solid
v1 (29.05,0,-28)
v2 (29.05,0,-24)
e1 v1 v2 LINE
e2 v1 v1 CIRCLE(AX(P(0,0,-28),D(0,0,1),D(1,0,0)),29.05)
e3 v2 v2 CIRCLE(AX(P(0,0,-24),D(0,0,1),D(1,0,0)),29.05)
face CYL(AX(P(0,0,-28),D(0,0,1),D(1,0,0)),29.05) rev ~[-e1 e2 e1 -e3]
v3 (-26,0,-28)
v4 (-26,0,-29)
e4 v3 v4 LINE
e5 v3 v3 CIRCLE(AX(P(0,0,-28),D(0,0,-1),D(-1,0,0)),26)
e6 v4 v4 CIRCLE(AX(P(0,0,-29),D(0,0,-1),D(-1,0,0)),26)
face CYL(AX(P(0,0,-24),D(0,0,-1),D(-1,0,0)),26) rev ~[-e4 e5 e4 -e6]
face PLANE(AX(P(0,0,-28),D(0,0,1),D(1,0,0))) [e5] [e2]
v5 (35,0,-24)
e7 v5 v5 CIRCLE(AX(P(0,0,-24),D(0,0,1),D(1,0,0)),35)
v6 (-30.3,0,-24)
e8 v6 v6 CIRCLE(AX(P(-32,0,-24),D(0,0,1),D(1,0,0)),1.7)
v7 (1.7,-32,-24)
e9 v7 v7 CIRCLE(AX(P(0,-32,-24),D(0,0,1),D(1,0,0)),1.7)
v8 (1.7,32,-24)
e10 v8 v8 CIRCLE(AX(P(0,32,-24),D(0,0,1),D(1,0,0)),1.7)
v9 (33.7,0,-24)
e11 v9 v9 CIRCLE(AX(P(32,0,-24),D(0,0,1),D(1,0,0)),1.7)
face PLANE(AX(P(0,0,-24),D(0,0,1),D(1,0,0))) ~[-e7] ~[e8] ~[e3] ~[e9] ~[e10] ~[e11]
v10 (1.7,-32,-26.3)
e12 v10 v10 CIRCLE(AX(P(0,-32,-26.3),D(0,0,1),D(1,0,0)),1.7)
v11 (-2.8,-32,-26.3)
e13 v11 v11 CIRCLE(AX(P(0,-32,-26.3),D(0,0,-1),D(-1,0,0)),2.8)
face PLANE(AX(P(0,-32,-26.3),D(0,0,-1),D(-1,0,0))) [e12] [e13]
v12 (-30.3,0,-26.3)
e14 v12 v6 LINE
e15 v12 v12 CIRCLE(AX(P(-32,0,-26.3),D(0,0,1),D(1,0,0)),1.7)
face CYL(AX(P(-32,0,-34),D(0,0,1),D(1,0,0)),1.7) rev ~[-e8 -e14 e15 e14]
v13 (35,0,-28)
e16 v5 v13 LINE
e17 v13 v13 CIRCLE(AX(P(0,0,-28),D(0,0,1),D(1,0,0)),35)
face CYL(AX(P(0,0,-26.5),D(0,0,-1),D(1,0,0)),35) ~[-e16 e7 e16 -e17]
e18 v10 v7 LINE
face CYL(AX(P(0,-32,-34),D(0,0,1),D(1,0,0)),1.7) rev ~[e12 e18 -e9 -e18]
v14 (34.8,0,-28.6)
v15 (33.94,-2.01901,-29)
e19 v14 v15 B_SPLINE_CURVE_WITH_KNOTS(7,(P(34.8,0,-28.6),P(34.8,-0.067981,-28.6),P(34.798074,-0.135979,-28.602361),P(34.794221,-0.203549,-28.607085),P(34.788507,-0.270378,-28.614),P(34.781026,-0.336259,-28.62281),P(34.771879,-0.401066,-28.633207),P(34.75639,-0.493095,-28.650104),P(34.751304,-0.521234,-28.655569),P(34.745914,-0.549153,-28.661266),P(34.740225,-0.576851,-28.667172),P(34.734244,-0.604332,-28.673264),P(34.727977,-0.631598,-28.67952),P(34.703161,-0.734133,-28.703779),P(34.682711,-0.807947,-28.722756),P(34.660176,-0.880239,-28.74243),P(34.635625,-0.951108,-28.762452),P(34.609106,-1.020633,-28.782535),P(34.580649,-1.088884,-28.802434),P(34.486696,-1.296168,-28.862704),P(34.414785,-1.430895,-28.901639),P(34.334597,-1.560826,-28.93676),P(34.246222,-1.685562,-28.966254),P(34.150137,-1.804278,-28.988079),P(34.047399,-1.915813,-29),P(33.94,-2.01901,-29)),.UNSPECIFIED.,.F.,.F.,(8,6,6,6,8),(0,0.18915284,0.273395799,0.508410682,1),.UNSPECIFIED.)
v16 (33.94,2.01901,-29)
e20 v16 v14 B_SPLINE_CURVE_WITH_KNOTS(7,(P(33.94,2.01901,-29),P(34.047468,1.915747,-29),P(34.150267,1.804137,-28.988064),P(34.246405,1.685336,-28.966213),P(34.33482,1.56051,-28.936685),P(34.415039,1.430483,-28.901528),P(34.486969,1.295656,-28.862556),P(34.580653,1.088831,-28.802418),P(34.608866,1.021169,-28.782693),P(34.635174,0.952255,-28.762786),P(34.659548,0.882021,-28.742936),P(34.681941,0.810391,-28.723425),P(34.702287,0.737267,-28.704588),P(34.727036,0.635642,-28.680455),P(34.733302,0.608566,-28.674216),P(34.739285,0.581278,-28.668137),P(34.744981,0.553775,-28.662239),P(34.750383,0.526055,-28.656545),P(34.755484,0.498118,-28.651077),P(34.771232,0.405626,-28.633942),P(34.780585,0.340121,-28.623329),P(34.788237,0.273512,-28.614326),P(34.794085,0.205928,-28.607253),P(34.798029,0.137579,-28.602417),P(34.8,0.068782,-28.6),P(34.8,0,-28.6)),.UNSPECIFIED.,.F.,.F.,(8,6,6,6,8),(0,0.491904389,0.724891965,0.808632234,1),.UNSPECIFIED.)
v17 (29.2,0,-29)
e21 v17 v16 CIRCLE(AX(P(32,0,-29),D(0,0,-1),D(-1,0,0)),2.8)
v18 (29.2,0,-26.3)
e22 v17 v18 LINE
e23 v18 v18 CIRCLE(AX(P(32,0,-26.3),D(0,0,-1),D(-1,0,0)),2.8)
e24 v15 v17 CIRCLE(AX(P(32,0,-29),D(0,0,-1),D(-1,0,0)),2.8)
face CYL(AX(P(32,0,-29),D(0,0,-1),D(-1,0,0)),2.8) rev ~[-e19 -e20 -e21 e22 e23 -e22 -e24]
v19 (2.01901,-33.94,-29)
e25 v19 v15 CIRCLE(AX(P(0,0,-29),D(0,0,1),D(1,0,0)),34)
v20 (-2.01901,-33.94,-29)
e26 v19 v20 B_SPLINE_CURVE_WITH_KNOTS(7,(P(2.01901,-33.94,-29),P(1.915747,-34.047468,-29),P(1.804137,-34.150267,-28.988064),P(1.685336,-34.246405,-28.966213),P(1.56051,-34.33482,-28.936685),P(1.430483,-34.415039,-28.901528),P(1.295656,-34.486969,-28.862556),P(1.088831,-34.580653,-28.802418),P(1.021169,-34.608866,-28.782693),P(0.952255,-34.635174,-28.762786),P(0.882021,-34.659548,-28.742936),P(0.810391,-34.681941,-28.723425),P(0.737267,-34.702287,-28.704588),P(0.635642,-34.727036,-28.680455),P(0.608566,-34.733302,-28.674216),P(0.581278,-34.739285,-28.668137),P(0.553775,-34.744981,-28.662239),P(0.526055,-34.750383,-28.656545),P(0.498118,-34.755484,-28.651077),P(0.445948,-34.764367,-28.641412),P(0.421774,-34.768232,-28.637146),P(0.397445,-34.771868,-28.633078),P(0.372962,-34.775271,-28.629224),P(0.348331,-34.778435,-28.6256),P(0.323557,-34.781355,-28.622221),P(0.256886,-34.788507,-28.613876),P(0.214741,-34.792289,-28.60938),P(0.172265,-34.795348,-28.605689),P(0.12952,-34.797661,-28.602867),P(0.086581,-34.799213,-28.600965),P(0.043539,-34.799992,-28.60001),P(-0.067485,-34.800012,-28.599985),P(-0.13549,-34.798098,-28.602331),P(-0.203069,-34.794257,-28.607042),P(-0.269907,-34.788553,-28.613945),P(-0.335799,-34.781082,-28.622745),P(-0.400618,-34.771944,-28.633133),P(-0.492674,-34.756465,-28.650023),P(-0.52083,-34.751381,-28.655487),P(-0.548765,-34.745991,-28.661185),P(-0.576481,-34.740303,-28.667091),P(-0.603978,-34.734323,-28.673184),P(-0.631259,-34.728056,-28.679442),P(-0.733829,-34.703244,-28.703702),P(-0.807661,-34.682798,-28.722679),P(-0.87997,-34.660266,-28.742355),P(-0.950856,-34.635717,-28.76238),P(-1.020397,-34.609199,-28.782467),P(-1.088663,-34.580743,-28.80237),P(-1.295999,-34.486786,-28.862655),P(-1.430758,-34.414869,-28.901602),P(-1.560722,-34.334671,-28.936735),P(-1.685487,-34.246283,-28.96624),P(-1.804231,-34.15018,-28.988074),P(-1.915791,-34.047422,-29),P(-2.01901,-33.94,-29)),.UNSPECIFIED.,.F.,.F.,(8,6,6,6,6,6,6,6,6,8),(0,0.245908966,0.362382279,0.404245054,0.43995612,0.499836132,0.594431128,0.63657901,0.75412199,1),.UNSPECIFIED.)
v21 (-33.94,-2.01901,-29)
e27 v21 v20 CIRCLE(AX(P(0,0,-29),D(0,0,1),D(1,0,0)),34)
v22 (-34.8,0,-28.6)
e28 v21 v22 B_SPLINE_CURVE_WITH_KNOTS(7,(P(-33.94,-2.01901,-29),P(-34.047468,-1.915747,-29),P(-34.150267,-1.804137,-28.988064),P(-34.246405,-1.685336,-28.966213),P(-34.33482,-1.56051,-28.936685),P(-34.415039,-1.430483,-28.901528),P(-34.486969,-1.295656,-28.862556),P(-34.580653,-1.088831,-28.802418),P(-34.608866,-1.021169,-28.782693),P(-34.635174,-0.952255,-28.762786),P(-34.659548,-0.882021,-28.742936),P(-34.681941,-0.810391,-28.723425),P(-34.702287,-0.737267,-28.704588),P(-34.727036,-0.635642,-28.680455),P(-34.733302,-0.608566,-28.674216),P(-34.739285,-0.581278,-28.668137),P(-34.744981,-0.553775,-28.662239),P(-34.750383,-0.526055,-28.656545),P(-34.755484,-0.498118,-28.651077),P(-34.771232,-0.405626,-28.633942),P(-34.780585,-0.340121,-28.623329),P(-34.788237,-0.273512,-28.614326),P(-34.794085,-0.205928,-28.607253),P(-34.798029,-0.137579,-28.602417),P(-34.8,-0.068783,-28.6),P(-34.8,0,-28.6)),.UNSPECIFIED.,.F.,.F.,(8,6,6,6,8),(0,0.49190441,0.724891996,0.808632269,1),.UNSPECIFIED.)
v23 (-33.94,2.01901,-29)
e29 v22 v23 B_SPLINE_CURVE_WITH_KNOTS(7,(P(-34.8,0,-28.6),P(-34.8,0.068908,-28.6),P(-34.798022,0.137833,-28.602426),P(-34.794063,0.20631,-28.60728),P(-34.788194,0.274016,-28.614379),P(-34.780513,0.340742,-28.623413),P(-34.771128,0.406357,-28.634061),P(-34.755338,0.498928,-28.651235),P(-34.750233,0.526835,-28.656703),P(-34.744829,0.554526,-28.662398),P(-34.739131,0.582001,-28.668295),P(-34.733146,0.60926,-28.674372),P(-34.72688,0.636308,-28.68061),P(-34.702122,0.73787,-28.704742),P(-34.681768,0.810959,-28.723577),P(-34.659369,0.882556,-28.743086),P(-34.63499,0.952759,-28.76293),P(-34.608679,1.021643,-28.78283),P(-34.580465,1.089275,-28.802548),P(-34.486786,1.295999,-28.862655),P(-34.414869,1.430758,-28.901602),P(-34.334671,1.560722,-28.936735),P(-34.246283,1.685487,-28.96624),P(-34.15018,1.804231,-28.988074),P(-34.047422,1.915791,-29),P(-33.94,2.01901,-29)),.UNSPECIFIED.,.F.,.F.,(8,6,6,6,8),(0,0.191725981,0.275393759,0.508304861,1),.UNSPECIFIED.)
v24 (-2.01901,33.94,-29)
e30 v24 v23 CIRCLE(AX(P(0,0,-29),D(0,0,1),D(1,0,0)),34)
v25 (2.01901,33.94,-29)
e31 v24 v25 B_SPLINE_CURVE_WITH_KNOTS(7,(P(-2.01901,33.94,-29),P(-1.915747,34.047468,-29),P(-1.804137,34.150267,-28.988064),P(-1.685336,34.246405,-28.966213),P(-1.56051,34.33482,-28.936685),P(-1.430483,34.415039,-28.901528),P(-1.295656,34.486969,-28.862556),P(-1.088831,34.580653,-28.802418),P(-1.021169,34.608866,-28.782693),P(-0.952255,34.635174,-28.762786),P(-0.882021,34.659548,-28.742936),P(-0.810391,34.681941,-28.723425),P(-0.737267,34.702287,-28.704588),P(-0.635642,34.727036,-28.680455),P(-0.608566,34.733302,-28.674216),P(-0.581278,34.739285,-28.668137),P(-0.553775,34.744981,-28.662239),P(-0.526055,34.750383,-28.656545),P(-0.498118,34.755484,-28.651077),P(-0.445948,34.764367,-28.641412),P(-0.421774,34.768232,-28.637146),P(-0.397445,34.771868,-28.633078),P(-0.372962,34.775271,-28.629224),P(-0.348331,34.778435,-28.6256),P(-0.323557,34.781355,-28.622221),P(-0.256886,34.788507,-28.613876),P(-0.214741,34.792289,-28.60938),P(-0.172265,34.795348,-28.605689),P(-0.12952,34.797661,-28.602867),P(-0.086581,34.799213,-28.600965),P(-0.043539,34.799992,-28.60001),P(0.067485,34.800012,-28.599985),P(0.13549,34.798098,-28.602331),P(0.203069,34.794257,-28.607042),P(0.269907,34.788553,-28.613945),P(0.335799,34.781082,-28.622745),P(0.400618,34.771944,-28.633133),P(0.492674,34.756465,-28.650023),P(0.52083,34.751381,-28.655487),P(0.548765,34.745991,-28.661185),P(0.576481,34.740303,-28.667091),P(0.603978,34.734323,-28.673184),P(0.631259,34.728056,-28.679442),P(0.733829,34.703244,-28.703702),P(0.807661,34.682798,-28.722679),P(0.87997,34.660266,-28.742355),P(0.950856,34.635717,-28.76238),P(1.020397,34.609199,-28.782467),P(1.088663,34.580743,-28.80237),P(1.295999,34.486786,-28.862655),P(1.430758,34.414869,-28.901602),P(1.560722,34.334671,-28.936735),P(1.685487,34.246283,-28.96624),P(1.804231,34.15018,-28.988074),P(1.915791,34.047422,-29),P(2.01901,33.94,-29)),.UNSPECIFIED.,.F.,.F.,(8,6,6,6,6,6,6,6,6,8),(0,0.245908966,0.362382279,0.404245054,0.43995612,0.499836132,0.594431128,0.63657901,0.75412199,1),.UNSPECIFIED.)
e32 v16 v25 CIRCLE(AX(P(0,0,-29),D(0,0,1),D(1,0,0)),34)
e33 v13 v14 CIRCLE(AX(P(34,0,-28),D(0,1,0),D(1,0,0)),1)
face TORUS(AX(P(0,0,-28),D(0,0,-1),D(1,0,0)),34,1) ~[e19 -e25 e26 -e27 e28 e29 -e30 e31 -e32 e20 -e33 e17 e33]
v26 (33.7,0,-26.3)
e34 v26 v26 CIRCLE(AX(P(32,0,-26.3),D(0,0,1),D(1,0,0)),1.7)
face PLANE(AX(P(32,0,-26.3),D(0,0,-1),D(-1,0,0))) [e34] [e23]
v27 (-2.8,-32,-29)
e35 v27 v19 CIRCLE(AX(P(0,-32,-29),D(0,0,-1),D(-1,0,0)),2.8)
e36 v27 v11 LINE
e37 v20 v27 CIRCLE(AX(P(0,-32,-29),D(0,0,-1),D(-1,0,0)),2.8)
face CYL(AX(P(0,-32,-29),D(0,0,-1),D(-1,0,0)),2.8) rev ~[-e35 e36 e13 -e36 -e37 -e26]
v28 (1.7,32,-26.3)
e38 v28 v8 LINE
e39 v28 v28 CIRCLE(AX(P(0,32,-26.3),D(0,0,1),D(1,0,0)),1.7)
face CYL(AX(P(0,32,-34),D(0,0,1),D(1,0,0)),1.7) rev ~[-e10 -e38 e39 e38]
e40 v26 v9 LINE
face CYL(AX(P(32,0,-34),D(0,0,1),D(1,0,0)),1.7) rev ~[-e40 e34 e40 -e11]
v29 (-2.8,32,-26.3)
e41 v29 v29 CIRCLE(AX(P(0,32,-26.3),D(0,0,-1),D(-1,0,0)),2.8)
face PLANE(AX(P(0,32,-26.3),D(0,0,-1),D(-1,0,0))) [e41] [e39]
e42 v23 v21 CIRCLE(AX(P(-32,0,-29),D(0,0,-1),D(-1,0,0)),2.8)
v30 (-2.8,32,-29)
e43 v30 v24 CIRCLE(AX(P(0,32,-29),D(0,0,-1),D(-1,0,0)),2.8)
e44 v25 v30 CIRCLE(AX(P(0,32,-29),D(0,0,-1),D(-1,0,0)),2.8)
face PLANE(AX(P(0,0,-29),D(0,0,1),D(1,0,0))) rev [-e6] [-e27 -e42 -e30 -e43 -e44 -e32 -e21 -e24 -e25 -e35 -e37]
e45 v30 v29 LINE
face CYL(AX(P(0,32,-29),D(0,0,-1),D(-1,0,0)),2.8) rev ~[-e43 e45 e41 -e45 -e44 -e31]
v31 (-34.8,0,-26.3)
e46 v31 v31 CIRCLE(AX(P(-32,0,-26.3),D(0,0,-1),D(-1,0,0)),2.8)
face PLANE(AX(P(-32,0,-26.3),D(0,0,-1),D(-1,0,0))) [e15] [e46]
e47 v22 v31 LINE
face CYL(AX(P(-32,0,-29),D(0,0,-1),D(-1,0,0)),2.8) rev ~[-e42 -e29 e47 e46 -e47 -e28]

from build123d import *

# Parameters (mm, degrees)
SKETCH_1_W                    = 35
SKETCH_1_H                    = 5
HOLE_WIZARD_3_4_3_4_1_D       = 3.4
HOLE_WIZARD_3_4_3_4_1_DEPTH   = 5
HOLE_WIZARD_M48_1_D           = 52
HOLE_WIZARD_M48_1_DEPTH       = 5
HOLE_WIZARD_M48_1_CBORE_D     = 58.1
HOLE_WIZARD_M48_1_CBORE_DEPTH = 4
FILLET_1_R                    = 1
SKETCH_17_R                   = 2.8
CUT_EXTRUDE_9_DEPTH           = 2.7


with BuildPart() as part:
    # 草图1 → 旋转1 (revolve)
    with BuildSketch(Plane(origin=(0, 0, 0), x_dir=(1, 0, 0), z_dir=(0, 1, 0))):
        with Locations((17.5, 26.5)):
            Rectangle(SKETCH_1_W, SKETCH_1_H)
    revolve(axis=Axis((0, 0, -29), (0, 0, 1)))

    # Ø3.4 (3.4) 直径孔1
    with Locations(Plane(origin=(0, 0, -29), x_dir=(-1, 0, 0), z_dir=(0, 0, -1))):
        with Locations((0, -32), (-32, 0), (0, 32), (32, 0)):
            Hole(HOLE_WIZARD_3_4_3_4_1_D / 2, depth=HOLE_WIZARD_3_4_3_4_1_DEPTH)

    # M48 六角头螺栓的柱形沉头孔1
    with Locations(Plane.XY.offset(-24)):
        with Locations((0, 0)):
            CounterBoreHole(HOLE_WIZARD_M48_1_D / 2, HOLE_WIZARD_M48_1_CBORE_D / 2, HOLE_WIZARD_M48_1_CBORE_DEPTH, depth=HOLE_WIZARD_M48_1_DEPTH)

    # 圆角1
    fillet_1_edges = [part.edges().sort_by_distance(p)[0] for p in [
        (-35, 0, -29),
    ]]
    fillet(fillet_1_edges, radius=FILLET_1_R)

    # 草图17 → 切除-拉伸9 (cut)
    with BuildSketch(Plane(origin=(0, 0, -29), x_dir=(-1, 0, 0), z_dir=(0, 0, -1))):
        with Locations((0, -32)):
            Circle(SKETCH_17_R)
        with Locations((-32, 0)):
            Circle(SKETCH_17_R)
        with Locations((0, 32)):
            Circle(SKETCH_17_R)
        with Locations((32, 0)):
            Circle(SKETCH_17_R)
    extrude(amount=-CUT_EXTRUDE_9_DEPTH, mode=Mode.SUBTRACT)


solid = part.part
